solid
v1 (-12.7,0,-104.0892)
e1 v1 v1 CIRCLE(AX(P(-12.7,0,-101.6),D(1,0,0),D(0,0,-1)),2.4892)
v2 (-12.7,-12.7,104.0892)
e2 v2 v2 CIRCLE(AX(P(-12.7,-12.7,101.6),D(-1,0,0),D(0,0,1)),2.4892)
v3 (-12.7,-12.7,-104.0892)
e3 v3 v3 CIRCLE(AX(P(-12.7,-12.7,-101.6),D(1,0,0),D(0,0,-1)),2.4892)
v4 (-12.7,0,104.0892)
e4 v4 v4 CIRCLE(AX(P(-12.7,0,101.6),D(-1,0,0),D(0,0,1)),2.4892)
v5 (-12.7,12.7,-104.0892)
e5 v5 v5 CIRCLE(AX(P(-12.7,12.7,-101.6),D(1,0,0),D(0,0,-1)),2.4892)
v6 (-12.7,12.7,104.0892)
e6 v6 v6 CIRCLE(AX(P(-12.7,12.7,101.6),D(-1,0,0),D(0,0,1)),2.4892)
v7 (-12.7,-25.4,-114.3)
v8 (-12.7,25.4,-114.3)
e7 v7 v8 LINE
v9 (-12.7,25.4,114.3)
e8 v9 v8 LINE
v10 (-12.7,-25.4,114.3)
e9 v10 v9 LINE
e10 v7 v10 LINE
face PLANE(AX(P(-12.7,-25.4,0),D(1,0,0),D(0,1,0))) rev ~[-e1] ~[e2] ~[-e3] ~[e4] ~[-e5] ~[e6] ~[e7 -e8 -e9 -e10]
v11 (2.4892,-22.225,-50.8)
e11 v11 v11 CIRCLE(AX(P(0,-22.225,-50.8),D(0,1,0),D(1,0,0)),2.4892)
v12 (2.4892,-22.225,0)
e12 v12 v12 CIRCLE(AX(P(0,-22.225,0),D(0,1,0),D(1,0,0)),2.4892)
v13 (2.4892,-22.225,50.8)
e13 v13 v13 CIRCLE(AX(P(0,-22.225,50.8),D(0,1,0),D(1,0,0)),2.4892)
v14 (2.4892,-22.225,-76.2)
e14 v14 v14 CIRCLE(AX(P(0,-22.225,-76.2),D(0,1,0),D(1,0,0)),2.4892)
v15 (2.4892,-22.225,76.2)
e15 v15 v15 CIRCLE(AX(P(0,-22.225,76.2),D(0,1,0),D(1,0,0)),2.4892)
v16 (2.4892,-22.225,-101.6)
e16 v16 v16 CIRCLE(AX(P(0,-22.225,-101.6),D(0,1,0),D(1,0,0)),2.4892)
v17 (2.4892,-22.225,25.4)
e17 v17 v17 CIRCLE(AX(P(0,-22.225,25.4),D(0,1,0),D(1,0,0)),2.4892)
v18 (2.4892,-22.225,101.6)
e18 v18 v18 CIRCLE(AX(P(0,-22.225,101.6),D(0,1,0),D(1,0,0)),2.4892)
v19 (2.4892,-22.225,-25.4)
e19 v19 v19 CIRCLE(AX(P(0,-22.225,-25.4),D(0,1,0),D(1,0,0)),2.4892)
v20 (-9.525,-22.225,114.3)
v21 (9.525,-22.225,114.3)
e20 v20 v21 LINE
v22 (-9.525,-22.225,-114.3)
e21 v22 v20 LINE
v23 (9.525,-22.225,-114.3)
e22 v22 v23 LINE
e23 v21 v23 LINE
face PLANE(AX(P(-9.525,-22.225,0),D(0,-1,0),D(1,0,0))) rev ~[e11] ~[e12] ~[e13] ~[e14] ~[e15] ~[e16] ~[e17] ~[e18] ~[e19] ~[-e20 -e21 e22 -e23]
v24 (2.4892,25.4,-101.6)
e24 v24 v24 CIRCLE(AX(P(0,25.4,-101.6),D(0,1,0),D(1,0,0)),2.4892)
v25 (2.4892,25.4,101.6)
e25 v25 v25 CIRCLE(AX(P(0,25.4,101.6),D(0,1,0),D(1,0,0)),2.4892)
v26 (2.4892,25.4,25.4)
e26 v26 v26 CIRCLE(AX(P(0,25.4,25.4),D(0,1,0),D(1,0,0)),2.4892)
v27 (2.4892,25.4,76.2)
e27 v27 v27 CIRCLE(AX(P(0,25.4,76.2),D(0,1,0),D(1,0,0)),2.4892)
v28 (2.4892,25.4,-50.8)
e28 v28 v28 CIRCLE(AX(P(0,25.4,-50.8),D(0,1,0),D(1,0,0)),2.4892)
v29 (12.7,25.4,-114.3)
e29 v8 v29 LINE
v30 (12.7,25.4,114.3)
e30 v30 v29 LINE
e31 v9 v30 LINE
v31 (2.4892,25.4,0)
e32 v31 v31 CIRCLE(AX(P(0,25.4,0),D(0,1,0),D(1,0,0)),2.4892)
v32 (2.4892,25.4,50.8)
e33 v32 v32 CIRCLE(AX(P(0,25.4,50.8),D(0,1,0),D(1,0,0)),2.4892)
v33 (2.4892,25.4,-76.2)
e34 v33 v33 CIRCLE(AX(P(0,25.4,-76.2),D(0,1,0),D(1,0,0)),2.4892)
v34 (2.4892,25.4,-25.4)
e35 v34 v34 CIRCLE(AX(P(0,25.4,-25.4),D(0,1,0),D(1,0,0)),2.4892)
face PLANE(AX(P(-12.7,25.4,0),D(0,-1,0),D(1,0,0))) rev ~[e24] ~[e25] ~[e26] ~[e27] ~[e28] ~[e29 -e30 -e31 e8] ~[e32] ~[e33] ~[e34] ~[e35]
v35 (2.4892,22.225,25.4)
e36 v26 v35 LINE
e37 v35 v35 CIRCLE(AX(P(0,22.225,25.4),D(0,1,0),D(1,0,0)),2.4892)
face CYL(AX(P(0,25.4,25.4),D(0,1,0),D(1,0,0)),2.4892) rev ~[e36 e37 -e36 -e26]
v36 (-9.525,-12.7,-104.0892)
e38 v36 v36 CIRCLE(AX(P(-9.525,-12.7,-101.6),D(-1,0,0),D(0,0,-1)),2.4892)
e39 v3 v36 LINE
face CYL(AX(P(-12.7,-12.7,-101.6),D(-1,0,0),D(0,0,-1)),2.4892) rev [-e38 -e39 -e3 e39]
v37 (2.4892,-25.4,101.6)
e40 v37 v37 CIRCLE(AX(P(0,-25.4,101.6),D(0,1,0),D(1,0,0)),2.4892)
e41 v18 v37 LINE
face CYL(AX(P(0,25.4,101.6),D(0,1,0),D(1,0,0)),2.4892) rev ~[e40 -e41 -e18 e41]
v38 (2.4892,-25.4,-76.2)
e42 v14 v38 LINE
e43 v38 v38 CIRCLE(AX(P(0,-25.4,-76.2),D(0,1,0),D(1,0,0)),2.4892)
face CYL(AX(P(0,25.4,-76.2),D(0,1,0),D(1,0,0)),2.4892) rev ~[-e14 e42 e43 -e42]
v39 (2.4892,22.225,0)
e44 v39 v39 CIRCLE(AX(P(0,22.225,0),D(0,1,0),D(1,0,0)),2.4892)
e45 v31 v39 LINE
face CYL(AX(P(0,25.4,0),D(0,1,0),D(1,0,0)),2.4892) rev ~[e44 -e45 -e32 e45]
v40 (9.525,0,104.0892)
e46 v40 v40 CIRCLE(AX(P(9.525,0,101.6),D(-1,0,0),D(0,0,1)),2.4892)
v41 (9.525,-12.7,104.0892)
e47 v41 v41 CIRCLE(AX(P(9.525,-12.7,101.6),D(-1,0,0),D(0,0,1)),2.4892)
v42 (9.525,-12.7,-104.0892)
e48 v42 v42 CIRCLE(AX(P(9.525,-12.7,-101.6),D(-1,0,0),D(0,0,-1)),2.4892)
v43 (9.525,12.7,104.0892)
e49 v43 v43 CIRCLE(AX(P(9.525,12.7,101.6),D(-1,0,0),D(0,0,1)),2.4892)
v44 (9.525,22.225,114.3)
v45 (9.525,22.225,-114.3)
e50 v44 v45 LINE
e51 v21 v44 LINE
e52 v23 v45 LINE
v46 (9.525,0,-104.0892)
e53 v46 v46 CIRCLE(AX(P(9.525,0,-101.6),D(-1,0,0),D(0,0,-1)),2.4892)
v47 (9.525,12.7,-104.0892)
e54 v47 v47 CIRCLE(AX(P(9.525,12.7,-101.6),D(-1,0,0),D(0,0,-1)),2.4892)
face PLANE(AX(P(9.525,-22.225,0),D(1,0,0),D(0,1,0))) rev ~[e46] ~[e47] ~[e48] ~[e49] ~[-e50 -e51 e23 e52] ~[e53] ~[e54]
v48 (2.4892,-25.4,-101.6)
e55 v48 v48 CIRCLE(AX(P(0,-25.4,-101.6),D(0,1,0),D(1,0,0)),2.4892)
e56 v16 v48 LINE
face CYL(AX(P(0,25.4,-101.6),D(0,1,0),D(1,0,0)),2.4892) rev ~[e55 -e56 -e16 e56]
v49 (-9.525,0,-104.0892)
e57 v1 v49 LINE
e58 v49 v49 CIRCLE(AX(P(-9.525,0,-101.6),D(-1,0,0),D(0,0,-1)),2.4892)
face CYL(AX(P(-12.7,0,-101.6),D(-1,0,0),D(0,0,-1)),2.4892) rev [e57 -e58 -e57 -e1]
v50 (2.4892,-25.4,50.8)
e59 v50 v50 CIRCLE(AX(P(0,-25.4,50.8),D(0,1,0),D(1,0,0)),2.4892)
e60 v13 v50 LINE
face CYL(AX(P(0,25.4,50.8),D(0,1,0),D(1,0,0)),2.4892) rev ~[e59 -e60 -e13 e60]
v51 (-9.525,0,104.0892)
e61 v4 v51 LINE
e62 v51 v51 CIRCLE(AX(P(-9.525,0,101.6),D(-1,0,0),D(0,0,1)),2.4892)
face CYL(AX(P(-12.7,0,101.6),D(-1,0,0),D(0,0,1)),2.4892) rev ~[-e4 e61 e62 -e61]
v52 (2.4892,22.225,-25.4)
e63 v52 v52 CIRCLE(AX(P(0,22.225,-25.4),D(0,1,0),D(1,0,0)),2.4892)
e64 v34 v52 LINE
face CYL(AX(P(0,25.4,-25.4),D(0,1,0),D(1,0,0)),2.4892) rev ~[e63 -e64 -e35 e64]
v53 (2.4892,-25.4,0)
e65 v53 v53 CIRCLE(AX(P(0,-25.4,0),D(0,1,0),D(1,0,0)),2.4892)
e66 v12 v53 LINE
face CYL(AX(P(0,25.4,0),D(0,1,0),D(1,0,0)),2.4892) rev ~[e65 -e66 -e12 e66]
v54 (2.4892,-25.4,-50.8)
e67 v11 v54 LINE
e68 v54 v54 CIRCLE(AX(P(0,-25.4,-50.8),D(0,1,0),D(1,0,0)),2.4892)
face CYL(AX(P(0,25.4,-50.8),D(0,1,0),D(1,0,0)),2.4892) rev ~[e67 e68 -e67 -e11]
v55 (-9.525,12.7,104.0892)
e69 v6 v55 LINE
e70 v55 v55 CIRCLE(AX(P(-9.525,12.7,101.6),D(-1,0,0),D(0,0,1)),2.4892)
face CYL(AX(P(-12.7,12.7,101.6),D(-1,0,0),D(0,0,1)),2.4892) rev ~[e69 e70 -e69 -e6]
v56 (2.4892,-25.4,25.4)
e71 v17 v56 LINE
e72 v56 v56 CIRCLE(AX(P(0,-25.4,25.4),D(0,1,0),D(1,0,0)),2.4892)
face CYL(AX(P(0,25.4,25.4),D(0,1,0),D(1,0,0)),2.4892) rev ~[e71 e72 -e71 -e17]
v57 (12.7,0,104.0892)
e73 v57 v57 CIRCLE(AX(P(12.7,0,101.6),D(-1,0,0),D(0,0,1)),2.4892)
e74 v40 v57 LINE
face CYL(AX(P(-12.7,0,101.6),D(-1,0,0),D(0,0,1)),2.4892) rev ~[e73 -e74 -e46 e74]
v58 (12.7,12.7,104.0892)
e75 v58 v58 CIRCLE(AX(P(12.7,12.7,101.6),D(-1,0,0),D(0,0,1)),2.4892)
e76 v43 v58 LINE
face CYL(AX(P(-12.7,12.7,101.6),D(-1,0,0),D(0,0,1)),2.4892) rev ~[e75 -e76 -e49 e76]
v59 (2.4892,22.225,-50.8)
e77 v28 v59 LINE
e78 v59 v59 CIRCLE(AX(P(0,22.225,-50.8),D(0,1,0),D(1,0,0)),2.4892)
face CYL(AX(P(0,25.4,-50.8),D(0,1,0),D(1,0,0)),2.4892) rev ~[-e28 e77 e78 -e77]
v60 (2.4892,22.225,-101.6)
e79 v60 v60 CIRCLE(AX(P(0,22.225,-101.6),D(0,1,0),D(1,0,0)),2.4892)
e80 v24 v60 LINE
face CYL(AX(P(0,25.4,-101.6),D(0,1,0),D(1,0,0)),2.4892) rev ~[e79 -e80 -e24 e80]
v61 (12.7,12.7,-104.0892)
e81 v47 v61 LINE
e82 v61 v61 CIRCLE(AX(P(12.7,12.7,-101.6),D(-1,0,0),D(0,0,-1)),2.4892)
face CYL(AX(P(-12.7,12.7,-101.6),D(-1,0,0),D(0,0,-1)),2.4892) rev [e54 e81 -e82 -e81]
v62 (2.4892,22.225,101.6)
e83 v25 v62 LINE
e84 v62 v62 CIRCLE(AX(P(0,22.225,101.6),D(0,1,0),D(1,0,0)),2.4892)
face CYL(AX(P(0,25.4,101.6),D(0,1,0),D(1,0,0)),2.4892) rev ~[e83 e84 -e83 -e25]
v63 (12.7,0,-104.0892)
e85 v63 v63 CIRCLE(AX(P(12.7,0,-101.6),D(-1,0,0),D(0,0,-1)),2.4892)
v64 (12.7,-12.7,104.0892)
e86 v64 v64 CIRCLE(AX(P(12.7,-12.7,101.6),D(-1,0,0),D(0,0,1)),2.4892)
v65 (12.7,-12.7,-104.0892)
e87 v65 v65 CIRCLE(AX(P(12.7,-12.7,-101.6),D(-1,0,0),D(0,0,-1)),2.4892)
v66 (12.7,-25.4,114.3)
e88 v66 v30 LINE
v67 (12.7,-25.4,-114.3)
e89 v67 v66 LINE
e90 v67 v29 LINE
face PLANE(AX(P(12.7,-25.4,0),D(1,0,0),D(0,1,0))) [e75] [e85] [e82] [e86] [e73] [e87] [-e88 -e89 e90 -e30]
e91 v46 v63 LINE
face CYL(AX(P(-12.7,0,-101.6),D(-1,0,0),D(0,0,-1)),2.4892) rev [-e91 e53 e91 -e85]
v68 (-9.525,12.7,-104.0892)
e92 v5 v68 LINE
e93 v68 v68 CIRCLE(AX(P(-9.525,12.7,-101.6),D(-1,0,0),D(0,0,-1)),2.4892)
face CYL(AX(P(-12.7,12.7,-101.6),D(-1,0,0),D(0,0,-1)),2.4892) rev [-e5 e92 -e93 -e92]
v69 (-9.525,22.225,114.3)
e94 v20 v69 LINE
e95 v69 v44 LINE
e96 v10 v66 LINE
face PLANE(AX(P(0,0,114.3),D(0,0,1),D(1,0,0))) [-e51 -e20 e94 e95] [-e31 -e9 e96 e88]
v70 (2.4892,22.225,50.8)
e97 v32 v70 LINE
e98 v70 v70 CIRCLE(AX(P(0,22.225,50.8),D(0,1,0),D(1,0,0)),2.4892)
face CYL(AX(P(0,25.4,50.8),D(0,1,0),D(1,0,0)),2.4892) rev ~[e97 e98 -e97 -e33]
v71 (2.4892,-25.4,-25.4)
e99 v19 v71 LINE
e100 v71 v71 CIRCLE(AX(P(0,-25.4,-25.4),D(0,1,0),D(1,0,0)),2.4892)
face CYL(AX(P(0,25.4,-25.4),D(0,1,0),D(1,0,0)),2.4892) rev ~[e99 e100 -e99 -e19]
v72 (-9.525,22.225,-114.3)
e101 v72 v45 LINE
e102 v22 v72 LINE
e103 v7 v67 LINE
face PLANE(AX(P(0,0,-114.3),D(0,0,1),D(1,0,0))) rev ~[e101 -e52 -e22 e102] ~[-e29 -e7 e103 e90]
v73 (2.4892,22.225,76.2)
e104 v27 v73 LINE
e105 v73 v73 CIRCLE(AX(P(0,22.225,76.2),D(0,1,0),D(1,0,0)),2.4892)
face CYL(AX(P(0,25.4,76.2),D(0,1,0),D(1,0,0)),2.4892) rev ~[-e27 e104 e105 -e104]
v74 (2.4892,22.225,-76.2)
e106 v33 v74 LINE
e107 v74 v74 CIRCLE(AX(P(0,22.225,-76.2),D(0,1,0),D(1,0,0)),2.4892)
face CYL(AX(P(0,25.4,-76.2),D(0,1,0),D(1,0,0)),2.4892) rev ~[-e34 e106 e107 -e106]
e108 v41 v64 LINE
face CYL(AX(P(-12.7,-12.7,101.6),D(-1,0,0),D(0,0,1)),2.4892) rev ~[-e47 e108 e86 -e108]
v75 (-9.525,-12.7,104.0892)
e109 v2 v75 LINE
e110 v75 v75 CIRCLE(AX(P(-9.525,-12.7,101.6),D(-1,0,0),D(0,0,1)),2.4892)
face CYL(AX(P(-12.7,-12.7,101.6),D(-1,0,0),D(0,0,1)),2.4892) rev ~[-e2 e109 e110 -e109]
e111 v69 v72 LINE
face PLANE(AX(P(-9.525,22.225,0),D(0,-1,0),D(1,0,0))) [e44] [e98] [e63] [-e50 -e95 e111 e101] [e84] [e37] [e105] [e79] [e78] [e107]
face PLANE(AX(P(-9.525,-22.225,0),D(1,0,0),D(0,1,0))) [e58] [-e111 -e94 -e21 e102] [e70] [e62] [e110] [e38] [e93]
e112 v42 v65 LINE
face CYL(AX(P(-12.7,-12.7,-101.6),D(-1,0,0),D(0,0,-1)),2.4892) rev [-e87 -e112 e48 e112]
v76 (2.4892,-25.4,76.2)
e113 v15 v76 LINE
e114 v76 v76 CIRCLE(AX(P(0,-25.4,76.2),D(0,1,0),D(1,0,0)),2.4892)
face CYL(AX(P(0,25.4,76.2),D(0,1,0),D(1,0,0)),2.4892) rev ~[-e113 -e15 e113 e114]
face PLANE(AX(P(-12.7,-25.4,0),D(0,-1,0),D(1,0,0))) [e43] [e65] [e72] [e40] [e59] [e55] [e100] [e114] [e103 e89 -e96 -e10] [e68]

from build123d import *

# Parameters (mm, degrees)
SKETCH1_W           = 25.4
SKETCH1_H           = 50.8
SKETCH1_W_2         = 19.05
SKETCH1_H_2         = 44.45
BOSS_EXTRUDE1_DEPTH = 114.3
SKETCH2_R           = 2.4892
CUT_EXTRUDE1_DEPTH  = 51.8
SKETCH3_R           = 2.4892
CUT_EXTRUDE2_DEPTH  = 26.4


with BuildPart() as part:
    # Sketch1 → Boss-Extrude1 (new body, symmetric)
    with BuildSketch(Plane.XY):
        Rectangle(SKETCH1_W, SKETCH1_H)
        Rectangle(SKETCH1_W_2, SKETCH1_H_2, mode=Mode.SUBTRACT)
    extrude(amount=BOSS_EXTRUDE1_DEPTH, both=True)

    # Sketch2 → Cut-Extrude1 (cut, through all)
    with BuildSketch(Plane(origin=(0, 25.4, 0), x_dir=(1, 0, 0), z_dir=(0, 1, 0))):
        with Locations((0, -101.6)):
            Circle(SKETCH2_R)
        with Locations((0, -76.2)):
            Circle(SKETCH2_R)
        with Locations((0, -50.8)):
            Circle(SKETCH2_R)
        with Locations((0, -25.4)):
            Circle(SKETCH2_R)
        Circle(SKETCH2_R)
        with Locations((0, 25.4)):
            Circle(SKETCH2_R)
        with Locations((0, 50.8)):
            Circle(SKETCH2_R)
        with Locations((0, 76.2)):
            Circle(SKETCH2_R)
        with Locations((0, 101.6)):
            Circle(SKETCH2_R)
    extrude(amount=-CUT_EXTRUDE1_DEPTH, mode=Mode.SUBTRACT)

    # Sketch3 → Cut-Extrude2 (cut, through all)
    with BuildSketch(Plane.ZY.offset(12.7)):
        with Locations((101.6, 0)):
            Circle(SKETCH3_R)
        with Locations((101.6, -12.7)):
            Circle(SKETCH3_R)
        with Locations((101.6, 12.7)):
            Circle(SKETCH3_R)
    cut_extrude2 = extrude(amount=-CUT_EXTRUDE2_DEPTH, mode=Mode.SUBTRACT)

    # Mirror1: Cut-Extrude2 across plane
    add(cut_extrude2.mirror(Plane.XY), mode=Mode.SUBTRACT)


solid = part.part
